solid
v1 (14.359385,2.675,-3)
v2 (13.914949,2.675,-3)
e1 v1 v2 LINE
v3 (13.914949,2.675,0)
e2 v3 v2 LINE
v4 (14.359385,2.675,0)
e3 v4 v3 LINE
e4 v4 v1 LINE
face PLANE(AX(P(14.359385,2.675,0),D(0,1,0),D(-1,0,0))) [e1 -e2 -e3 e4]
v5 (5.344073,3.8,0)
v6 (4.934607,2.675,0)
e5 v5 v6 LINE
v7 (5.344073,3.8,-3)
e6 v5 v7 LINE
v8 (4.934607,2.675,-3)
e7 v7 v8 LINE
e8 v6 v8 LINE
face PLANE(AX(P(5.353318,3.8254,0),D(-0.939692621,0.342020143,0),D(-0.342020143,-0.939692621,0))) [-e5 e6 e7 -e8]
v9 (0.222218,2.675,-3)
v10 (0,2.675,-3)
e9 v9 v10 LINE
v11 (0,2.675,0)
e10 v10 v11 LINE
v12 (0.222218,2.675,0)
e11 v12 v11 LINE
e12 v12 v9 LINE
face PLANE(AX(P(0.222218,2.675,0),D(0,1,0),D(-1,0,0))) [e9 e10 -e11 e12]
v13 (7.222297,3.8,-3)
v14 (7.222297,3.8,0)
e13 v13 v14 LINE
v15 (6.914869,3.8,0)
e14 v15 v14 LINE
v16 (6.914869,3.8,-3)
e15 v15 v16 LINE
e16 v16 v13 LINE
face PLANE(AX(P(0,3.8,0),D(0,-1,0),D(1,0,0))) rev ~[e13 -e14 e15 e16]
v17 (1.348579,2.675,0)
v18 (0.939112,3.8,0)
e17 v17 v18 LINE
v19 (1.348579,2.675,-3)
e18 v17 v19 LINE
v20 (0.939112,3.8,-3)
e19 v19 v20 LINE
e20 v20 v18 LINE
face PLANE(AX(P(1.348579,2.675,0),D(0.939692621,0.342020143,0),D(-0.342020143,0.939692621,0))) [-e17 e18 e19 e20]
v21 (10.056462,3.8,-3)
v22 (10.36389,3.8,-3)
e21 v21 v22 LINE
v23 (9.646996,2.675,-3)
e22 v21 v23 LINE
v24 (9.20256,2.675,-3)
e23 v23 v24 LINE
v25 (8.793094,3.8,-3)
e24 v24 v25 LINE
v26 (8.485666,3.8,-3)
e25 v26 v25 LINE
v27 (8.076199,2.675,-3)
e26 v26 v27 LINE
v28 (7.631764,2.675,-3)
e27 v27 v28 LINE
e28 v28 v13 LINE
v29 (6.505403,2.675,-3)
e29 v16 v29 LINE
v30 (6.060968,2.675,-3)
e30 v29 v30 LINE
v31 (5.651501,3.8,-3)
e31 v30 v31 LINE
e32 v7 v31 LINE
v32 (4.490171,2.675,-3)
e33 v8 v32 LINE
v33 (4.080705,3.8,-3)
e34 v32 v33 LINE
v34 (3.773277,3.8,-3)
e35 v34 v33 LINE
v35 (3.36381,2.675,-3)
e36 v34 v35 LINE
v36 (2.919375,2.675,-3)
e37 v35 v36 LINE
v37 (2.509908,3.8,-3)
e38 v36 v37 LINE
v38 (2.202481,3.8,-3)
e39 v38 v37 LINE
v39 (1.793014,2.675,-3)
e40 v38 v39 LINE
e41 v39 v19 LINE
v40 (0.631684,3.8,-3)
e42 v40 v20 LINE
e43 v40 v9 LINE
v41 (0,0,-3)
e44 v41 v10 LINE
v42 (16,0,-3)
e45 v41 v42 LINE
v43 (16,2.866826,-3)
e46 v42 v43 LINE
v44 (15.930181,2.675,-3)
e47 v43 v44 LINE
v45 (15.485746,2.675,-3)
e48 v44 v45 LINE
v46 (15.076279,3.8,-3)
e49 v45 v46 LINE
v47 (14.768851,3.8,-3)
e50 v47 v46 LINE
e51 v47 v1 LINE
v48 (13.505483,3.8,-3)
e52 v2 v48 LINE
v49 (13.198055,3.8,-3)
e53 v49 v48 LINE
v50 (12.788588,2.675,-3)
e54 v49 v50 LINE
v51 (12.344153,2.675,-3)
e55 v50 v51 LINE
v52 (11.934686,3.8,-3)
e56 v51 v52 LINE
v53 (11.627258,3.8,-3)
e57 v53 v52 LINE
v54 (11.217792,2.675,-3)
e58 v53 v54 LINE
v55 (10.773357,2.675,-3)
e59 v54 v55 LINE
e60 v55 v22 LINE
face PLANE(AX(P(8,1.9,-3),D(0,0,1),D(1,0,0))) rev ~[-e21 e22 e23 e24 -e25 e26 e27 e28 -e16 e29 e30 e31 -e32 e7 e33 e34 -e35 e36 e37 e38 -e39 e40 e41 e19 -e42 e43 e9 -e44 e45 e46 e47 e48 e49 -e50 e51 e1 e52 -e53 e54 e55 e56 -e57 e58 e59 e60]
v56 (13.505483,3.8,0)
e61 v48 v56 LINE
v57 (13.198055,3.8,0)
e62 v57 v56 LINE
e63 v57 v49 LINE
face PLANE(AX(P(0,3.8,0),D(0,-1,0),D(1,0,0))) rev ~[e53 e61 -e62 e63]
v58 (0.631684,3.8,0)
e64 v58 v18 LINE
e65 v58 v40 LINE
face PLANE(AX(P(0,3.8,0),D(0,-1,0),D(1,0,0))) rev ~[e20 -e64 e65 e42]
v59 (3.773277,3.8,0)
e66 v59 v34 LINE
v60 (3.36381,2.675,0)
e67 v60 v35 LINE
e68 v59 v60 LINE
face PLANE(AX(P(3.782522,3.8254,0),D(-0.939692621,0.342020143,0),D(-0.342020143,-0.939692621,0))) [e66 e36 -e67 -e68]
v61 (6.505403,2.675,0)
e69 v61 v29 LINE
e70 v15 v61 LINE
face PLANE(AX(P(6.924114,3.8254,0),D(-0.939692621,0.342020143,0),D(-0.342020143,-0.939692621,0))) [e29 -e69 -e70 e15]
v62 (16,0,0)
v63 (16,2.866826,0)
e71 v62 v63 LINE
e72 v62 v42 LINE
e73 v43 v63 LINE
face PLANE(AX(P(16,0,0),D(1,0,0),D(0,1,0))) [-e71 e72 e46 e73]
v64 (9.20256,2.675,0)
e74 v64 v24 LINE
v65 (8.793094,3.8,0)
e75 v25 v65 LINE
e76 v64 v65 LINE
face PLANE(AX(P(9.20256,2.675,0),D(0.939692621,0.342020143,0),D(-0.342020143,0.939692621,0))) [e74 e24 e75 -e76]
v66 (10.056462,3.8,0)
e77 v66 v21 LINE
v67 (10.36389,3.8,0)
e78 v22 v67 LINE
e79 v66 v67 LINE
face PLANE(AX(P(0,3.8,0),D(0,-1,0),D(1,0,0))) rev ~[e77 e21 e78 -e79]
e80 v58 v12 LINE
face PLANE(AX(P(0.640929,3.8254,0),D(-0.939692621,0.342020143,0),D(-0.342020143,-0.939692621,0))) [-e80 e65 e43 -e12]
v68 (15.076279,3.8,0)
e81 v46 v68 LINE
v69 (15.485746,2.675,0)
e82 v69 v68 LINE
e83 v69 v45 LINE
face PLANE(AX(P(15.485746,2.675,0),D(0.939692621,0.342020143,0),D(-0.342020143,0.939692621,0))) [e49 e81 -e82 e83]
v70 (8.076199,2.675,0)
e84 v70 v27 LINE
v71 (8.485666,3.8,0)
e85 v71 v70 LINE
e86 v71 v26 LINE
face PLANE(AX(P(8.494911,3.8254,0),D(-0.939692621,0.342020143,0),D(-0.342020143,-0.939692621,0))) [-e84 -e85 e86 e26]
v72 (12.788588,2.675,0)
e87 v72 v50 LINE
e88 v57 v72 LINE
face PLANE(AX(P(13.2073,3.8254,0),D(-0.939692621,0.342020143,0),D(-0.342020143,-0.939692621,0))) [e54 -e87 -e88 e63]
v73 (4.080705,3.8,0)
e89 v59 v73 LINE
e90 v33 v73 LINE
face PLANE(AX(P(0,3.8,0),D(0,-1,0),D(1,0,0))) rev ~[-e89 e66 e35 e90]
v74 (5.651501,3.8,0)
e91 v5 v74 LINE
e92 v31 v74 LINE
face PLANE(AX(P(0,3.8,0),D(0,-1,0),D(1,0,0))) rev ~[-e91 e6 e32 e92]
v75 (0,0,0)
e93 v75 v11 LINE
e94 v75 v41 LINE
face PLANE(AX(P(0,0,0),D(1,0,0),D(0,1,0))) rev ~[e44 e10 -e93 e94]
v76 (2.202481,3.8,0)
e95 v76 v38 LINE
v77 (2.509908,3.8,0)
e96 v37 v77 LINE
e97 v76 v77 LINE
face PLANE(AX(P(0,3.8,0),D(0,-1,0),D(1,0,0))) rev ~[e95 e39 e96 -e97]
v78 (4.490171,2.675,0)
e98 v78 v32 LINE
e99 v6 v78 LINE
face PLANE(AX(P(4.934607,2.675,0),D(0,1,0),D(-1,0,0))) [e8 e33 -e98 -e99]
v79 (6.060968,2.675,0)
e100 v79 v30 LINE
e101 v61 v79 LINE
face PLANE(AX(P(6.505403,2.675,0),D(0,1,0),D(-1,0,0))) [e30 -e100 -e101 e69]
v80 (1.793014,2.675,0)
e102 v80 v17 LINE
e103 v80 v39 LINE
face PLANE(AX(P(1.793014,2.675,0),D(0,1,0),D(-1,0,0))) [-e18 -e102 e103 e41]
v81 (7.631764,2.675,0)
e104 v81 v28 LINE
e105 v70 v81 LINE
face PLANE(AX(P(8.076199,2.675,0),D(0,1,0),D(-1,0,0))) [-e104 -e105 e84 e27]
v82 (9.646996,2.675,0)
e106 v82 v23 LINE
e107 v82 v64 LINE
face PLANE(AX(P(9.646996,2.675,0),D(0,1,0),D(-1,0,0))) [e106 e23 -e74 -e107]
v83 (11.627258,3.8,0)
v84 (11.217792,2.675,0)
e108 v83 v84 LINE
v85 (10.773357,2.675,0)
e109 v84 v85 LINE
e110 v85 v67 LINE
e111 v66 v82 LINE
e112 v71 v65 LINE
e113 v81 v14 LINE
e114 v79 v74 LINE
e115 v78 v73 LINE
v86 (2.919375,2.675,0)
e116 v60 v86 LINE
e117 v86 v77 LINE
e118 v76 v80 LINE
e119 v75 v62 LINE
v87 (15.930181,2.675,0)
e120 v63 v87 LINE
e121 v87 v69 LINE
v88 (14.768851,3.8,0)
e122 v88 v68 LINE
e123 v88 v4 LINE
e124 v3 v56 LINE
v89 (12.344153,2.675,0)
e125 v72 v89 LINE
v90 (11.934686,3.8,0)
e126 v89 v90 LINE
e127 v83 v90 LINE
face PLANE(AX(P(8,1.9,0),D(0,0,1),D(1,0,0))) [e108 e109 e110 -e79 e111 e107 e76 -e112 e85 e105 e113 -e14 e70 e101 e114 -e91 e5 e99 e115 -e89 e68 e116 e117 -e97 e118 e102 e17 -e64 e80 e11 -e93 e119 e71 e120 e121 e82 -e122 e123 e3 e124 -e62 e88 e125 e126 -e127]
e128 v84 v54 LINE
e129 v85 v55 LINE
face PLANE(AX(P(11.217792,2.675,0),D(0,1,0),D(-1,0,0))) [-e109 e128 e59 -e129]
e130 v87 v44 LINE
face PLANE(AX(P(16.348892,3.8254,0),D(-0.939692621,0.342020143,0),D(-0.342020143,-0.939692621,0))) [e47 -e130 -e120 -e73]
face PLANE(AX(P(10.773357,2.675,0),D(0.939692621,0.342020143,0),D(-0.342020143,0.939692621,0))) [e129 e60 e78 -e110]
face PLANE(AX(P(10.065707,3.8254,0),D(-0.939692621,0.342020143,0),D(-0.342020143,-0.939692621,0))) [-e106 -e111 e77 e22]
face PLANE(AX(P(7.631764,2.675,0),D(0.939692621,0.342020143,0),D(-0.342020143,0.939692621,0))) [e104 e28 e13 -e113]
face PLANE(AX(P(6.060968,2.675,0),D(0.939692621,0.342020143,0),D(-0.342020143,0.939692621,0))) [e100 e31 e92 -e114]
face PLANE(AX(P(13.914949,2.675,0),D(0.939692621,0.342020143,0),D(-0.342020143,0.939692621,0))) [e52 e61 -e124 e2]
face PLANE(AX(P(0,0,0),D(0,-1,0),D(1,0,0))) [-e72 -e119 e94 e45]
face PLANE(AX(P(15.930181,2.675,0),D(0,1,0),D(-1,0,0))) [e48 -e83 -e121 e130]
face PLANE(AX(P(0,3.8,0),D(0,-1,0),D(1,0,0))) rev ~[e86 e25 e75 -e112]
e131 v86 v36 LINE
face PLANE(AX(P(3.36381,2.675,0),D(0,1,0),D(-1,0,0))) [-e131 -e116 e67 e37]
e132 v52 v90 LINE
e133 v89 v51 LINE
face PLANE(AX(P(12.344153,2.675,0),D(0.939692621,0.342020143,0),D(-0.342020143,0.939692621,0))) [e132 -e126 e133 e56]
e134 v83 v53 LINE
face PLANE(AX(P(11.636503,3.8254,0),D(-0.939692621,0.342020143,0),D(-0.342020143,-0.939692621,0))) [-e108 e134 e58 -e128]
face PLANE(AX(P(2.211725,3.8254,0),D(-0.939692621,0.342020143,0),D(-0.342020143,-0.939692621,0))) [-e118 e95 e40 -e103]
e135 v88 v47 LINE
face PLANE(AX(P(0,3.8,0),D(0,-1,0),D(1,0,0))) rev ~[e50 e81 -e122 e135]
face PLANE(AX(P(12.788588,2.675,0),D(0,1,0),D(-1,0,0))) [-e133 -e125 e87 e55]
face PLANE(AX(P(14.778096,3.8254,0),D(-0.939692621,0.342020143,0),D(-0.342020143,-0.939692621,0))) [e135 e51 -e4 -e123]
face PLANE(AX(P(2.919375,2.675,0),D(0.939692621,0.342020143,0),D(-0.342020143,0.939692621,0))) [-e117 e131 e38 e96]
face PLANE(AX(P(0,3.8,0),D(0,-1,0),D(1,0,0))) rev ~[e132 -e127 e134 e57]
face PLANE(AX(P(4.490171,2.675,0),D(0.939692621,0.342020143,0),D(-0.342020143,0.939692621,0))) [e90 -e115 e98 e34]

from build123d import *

# Parameters (mm, degrees)
BLANKSKE_W        = 16
BLANKSKE_H        = 3.8
BLANK_DEPTH       = 3
TOOTHCUTSIM_DEPTH = 17.716458955
TEETHCUTS_COUNT   = 11
TEETHCUTS_PITCH   = 1.570796325


with BuildPart() as part:
    # BlankSke → Blank (new body)
    with BuildSketch(Plane.XY):
        with Locations((8, 1.9)):
            Rectangle(BLANKSKE_W, BLANKSKE_H)
    extrude(amount=-BLANK_DEPTH)

    # TooCutSkeSim → ToothCutSim (cut, through all)
    with BuildSketch(Plane.XY):
        Polygon((0.222217685, 2.675), (-0.222217685, 2.675), (-0.640929042, 3.8254), (0.640929042, 3.8254), align=None)
    toothcutsim = extrude(amount=-TOOTHCUTSIM_DEPTH, mode=Mode.SUBTRACT)

    # TeethCuts: ToothCutSim ×11
    with Locations(*[(i * TEETHCUTS_PITCH, 0, 0) for i in range(1, TEETHCUTS_COUNT)]):
        add(toothcutsim, mode=Mode.SUBTRACT)


solid = part.part
